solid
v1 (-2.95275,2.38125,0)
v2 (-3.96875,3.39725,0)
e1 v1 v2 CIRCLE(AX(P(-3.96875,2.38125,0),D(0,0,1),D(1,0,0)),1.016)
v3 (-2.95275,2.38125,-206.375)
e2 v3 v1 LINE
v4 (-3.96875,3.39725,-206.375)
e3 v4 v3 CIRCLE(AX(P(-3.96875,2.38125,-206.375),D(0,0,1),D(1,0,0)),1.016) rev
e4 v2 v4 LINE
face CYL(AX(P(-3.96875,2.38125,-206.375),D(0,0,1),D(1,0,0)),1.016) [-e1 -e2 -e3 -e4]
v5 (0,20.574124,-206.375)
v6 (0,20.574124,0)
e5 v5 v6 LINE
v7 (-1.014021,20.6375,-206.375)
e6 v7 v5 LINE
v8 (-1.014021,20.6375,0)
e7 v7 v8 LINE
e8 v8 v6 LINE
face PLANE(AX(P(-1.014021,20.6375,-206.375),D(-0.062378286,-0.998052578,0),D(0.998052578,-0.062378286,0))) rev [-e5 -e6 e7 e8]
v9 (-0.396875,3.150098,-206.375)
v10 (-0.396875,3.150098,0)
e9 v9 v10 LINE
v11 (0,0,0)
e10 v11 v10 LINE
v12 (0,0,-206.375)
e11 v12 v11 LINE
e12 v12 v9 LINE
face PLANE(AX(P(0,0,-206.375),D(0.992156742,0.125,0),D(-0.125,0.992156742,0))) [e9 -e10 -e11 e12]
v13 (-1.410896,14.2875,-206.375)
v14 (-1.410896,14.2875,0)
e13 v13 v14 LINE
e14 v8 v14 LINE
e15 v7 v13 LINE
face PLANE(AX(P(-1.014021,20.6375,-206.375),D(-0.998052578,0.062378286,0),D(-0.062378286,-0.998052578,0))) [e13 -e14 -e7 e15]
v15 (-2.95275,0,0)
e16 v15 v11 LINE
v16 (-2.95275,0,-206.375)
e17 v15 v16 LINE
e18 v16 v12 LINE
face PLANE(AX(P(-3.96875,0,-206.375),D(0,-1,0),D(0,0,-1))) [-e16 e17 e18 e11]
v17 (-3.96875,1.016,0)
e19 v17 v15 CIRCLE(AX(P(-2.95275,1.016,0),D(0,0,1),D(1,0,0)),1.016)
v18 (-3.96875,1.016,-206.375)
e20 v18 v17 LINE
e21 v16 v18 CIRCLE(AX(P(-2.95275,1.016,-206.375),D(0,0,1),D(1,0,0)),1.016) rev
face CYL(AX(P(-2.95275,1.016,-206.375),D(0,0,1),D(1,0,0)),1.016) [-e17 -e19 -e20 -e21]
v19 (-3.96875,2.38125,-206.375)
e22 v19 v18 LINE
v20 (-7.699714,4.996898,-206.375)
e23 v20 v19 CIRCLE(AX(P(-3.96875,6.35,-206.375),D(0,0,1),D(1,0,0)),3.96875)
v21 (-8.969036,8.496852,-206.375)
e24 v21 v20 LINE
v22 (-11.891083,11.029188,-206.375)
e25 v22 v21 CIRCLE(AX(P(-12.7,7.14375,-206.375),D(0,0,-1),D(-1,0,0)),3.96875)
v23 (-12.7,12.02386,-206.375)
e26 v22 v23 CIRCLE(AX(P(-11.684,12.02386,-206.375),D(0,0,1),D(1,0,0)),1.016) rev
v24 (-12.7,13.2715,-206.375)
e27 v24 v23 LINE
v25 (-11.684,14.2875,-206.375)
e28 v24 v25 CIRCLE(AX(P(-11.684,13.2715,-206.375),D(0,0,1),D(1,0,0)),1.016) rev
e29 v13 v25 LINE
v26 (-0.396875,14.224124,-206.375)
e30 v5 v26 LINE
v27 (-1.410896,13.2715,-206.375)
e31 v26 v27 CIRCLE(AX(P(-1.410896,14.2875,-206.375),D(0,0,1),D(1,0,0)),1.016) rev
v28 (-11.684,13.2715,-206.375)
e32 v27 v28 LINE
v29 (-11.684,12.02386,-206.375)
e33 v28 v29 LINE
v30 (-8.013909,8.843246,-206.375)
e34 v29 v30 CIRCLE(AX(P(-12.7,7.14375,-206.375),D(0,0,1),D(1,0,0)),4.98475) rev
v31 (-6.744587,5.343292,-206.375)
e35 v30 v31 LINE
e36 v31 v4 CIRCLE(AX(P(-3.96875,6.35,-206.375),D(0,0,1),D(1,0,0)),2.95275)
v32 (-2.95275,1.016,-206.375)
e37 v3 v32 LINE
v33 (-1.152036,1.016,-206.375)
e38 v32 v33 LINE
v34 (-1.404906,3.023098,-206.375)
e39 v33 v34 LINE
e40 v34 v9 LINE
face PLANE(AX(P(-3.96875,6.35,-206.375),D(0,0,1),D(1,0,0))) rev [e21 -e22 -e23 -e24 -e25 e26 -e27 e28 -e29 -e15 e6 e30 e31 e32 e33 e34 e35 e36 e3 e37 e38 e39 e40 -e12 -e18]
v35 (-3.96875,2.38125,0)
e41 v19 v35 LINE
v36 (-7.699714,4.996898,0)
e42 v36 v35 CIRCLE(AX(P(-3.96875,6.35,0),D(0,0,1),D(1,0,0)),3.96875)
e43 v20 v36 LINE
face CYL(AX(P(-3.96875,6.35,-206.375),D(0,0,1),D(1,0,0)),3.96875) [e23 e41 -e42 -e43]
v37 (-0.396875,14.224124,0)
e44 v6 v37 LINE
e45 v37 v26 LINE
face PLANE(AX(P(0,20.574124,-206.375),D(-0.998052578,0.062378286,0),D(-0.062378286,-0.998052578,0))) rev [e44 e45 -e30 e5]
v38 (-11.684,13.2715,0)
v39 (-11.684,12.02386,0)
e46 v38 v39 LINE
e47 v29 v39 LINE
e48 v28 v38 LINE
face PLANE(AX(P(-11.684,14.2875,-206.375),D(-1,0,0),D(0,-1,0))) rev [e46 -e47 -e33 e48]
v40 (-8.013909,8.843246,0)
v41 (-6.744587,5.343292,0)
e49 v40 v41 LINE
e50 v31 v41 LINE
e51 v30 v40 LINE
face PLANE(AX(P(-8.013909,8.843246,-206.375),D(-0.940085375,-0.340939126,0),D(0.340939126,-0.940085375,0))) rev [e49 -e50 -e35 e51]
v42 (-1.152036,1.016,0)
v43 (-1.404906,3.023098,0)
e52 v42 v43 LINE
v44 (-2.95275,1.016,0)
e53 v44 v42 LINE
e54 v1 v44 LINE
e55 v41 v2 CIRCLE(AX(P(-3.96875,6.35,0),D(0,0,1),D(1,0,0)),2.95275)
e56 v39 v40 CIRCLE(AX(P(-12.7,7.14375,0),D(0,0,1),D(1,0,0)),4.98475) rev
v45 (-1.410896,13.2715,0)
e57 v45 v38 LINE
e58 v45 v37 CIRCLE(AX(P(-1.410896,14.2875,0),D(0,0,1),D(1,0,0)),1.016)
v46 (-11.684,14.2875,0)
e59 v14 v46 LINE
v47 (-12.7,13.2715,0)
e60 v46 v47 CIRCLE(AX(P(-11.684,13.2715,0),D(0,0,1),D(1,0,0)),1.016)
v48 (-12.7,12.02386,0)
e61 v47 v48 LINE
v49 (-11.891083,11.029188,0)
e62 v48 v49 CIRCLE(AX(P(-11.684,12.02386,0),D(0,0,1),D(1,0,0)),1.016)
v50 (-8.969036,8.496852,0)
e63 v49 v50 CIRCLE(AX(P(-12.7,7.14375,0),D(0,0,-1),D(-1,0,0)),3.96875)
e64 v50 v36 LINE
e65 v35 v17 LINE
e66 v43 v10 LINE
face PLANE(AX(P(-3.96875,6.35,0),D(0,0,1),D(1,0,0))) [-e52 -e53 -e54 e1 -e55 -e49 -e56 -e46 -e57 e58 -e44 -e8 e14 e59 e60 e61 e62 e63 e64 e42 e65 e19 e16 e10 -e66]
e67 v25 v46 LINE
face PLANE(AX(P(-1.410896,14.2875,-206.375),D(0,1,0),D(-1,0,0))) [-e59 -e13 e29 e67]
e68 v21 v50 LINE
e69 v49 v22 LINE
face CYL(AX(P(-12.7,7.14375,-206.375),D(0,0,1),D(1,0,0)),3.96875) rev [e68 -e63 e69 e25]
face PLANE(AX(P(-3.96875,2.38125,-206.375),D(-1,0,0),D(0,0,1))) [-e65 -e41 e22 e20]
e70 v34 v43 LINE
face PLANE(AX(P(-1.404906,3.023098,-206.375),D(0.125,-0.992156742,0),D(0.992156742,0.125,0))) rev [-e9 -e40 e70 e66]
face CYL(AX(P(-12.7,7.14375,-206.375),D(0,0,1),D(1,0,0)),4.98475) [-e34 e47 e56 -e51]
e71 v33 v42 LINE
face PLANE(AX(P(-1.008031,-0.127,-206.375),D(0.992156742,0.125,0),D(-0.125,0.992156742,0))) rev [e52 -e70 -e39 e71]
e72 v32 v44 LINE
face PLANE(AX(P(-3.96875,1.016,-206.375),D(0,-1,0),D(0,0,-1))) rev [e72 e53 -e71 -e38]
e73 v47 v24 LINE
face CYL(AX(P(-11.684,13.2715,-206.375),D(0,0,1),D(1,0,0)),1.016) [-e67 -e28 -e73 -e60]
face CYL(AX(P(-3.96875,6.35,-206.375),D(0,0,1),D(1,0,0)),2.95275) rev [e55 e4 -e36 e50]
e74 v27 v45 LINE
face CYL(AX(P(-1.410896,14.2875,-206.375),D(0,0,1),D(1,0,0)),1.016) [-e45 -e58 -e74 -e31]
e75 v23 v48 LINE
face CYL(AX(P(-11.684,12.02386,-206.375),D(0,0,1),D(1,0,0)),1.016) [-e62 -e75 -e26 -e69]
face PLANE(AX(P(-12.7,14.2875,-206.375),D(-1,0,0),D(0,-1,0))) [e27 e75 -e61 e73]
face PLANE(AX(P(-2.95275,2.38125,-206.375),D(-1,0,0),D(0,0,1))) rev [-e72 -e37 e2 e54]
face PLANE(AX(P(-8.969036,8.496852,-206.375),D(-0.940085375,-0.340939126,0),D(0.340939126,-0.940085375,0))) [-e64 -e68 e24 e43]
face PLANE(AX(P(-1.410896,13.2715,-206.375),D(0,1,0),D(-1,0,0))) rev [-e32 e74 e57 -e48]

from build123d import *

# Parameters (mm, degrees)
EXTRUDE_THIN1_DEPTH = 206.375
FILLET1_R           = 1.016


with BuildPart() as part:
    # Sketch1 → Extrude-Thin1 (new body)
    with BuildSketch(Plane.XY):
        with BuildLine():
            Line((-1.01402142, 20.6375), (-1.41089642, 14.2875))
            Line((-1.41089642, 14.2875), (-12.7, 14.2875))
            Line((-12.7, 14.2875), (-12.7, 11.1125))
            ThreePointArc((-12.7, 11.1125), (-10.421749313, 10.393450043), (-8.969036168, 8.496852156))
            Line((-8.969036168, 8.496852156), (-7.699713832, 4.996897844))
            ThreePointArc((-7.699713832, 4.996897844), (-6.247000687, 3.100299957), (-3.96875, 2.38125))
            Line((-3.96875, 2.38125), (-3.96875, 0))
            Line((-3.96875, 0), (0, 0))
            Line((0, 0), (-0.396875, 3.150097655))
            Line((-0.396875, 3.150097655), (-1.40490625, 3.023097655))
            Line((-1.40490625, 3.023097655), (-1.152035714, 1.016))
            Line((-1.152035714, 1.016), (-2.95275, 1.016))
            Line((-2.95275, 1.016), (-2.95275, 3.57755044))
            ThreePointArc((-2.95275, 3.57755044), (-5.215232033, 3.673245416), (-6.744587091, 5.343291996))
            Line((-6.744587091, 5.343291996), (-8.013909427, 8.843246308))
            ThreePointArc((-8.013909427, 8.843246308), (-9.435411883, 10.910737787), (-11.684, 12.023860302))
            Line((-11.684, 12.023860302), (-11.684, 13.2715))
            Line((-11.684, 13.2715), (-0.456413979, 13.2715))
            Line((-0.456413979, 13.2715), (0, 20.574123661))
            Line((0, 20.574123661), (-1.01402142, 20.6375))
        make_face()
    extrude(amount=-EXTRUDE_THIN1_DEPTH)

    # Fillet1
    fillet1_edges = [part.edges().sort_by_distance(p)[0] for p in [
        (-3.96875, 0, -103.1875),
        (-12.7, 11.1125, -103.1875),
        (-12.7, 14.2875, -103.1875),
        (-0.456413979, 13.2715, -103.1875),
        (-2.95275, 3.57755044, -103.1875),
    ]]
    fillet(fillet1_edges, radius=FILLET1_R)


solid = part.part
